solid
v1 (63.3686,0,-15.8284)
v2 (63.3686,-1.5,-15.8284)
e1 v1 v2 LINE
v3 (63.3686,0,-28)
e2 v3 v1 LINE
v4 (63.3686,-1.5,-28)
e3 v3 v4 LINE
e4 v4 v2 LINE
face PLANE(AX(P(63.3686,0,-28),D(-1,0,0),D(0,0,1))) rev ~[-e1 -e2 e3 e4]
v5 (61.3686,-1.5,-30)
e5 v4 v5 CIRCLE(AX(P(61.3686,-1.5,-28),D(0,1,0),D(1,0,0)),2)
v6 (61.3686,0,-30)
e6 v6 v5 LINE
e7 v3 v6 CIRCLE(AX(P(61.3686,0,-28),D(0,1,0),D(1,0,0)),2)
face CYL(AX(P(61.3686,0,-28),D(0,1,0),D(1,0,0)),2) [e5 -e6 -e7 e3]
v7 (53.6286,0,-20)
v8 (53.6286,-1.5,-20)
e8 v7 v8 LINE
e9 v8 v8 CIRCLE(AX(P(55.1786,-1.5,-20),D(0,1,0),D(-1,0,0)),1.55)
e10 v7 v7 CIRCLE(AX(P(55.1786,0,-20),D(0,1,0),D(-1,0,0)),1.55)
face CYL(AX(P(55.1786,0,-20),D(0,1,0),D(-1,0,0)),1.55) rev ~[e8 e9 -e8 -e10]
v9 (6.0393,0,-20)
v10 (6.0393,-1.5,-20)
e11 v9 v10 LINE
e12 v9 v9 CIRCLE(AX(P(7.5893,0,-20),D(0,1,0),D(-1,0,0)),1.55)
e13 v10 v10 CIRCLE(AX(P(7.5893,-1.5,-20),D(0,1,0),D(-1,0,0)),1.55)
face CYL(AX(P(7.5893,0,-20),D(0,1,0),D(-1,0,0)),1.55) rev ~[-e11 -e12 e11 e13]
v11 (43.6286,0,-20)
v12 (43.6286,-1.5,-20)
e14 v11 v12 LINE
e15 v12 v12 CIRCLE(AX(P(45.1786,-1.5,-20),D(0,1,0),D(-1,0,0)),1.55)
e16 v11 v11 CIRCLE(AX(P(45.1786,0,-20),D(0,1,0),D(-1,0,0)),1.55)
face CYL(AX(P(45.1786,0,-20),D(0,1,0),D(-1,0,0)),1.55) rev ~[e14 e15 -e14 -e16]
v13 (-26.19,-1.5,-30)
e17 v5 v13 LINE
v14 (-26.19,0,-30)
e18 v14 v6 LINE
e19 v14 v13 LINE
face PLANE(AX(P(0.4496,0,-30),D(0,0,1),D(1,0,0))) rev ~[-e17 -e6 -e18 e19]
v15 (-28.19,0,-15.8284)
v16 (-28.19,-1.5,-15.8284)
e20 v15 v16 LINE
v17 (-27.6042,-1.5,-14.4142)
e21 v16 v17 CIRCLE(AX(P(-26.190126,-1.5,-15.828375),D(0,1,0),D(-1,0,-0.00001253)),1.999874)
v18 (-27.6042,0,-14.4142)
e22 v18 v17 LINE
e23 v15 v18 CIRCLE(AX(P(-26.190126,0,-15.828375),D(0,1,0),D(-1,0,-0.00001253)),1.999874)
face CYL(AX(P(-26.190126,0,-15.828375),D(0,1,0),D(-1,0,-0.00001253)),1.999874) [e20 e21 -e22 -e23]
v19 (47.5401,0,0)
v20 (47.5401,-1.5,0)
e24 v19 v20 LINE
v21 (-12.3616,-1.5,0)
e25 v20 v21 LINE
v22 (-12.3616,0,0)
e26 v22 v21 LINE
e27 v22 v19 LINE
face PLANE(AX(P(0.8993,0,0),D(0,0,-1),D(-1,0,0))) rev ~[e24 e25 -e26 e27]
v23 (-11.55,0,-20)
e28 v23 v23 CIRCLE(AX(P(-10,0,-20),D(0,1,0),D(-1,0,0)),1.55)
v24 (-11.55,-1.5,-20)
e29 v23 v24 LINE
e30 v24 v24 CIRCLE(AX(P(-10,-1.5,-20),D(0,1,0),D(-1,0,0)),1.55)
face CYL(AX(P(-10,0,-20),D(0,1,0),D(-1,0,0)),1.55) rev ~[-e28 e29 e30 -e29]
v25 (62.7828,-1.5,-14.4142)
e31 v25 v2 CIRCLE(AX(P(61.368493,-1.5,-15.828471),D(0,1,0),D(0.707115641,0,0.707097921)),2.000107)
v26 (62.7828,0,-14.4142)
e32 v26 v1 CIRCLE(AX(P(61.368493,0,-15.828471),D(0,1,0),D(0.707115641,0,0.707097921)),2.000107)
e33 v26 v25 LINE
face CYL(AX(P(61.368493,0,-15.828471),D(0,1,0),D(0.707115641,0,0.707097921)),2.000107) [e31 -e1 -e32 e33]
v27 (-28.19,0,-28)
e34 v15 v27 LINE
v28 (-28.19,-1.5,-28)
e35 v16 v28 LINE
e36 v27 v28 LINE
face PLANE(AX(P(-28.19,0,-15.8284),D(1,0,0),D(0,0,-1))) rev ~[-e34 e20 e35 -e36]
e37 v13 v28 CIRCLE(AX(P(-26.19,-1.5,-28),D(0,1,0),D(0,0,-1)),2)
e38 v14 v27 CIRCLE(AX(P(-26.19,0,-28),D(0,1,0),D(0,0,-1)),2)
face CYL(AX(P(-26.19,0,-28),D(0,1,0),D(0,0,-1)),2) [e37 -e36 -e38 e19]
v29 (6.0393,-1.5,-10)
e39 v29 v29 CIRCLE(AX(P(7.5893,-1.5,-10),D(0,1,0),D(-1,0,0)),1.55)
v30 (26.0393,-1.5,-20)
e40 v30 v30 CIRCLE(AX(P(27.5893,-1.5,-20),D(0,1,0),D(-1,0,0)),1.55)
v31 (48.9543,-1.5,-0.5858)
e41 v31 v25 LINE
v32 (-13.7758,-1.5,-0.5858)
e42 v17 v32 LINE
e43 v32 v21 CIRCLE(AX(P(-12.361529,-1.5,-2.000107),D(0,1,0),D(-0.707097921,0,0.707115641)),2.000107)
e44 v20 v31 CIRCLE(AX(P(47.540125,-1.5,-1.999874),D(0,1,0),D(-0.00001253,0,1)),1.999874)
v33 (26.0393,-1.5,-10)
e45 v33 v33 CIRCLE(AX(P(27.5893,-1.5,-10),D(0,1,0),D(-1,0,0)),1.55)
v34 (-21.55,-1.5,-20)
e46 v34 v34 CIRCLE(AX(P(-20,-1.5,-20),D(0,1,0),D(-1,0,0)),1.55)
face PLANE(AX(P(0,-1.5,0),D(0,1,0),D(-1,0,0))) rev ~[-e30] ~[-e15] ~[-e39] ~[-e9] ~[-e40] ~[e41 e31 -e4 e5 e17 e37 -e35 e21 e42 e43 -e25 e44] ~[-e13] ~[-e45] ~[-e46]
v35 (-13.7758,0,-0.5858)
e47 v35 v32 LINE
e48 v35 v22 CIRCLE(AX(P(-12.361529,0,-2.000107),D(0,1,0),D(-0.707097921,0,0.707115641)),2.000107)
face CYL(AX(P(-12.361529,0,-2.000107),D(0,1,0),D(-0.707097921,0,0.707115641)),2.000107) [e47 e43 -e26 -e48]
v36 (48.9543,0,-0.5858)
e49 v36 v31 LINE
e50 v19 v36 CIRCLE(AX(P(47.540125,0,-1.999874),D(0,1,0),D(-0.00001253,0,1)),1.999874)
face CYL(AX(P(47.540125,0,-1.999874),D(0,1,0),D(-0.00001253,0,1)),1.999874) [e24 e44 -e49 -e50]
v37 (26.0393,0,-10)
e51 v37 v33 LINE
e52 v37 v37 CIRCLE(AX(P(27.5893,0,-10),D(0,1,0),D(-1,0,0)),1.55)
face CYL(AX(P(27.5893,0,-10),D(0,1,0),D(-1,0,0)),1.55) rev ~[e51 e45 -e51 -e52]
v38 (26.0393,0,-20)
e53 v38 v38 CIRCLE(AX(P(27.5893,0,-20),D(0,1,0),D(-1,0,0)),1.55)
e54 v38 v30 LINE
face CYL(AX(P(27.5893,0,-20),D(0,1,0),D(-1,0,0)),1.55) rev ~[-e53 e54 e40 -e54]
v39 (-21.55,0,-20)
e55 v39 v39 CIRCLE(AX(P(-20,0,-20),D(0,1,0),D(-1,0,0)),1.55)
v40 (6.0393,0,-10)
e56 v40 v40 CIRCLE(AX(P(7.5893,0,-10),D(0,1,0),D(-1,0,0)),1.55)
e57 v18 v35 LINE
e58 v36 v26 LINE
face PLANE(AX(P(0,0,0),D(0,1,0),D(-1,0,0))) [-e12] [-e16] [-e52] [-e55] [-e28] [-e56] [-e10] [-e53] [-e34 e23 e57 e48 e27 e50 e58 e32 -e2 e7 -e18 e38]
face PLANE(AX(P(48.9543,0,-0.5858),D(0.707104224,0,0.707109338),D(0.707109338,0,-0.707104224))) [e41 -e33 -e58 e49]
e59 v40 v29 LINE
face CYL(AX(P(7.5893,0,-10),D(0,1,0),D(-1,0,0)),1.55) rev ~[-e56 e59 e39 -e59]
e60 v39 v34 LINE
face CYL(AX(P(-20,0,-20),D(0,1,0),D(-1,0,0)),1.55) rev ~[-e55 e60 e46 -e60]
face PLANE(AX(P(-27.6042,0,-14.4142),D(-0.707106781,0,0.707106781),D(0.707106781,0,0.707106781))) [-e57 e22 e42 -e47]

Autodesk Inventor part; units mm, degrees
ref_plane "YZ Plane" through (0, 0, 0) normal (1, 0, 0) x (0, 1, 0)
ref_plane "XZ Plane" through (0, 0, 0) normal (0, 1, 0) x (-1, 0, 0)
ref_plane "XY Plane" through (0, 0, 0) normal (0, 0, 1) x (1, 0, 0)
sketch "Sketch1" plane through (0, 0, 0) normal (0, 1, 0) x (-1, 0, 0)
  line L0 (-0.4496, -30) -> (-0.4496, 0)
  line L1 (-34.7289, 0) -> (-34.7289, -30)
  circle A0 centre (-45.1786, -20) radius 1.55
  circle A1 centre (10, -20) radius 1.55
  circle A2 centre (-55.1786, -20) radius 1.55
  circle A3 centre (20, -20) radius 1.55
  circle A4 centre (-27.5893, -10) radius 1.55
  circle A5 centre (-27.5893, -20) radius 1.55
  circle A6 centre (-7.5893, -10) radius 1.55
  circle A7 centre (-7.5893, -20) radius 1.55
  arc A8 (13.7758, -0.5858) -> (12.3616, 0) centre (12.3616, -2) ccw
  line L2 (27.6042, -14.4142) -> (13.7758, -0.5858)
  arc A9 (28.19, -15.8284) -> (27.6042, -14.4142) centre (26.19, -15.8284) ccw
  line L3 (28.19, -15.8284) -> (28.19, -28)
  arc A10 (26.19, -30) -> (28.19, -28) centre (26.19, -28) ccw
  arc A11 (-47.5401, 0) -> (-48.9543, -0.5858) centre (-47.5401, -2) ccw
  line L4 (-48.9543, -0.5858) -> (-62.7828, -14.4142)
  arc A12 (-62.7828, -14.4142) -> (-63.3686, -15.8284) centre (-61.3686, -15.8284) ccw
  line L5 (-63.3686, -28) -> (-63.3686, -15.8284)
  arc A13 (-63.3686, -28) -> (-61.3686, -30) centre (-61.3686, -28) ccw
  line L6 (-47.5401, 0) -> (12.3616, 0)
  line L7 (26.19, -30) -> (-61.3686, -30)
  line L8 (-35.1786, -30) -> (-35.1786, 0)
  line L9 (-34.2793, 0) -> (-34.2793, -30)
  line L10 (-0.8993, -30) -> (-0.8993, 0)
  line L11 (0, 0) -> (0, -30)
extrude "Extrusion1" add sketch "Sketch1" against normal blind 1.5
properties part number "Head1"
